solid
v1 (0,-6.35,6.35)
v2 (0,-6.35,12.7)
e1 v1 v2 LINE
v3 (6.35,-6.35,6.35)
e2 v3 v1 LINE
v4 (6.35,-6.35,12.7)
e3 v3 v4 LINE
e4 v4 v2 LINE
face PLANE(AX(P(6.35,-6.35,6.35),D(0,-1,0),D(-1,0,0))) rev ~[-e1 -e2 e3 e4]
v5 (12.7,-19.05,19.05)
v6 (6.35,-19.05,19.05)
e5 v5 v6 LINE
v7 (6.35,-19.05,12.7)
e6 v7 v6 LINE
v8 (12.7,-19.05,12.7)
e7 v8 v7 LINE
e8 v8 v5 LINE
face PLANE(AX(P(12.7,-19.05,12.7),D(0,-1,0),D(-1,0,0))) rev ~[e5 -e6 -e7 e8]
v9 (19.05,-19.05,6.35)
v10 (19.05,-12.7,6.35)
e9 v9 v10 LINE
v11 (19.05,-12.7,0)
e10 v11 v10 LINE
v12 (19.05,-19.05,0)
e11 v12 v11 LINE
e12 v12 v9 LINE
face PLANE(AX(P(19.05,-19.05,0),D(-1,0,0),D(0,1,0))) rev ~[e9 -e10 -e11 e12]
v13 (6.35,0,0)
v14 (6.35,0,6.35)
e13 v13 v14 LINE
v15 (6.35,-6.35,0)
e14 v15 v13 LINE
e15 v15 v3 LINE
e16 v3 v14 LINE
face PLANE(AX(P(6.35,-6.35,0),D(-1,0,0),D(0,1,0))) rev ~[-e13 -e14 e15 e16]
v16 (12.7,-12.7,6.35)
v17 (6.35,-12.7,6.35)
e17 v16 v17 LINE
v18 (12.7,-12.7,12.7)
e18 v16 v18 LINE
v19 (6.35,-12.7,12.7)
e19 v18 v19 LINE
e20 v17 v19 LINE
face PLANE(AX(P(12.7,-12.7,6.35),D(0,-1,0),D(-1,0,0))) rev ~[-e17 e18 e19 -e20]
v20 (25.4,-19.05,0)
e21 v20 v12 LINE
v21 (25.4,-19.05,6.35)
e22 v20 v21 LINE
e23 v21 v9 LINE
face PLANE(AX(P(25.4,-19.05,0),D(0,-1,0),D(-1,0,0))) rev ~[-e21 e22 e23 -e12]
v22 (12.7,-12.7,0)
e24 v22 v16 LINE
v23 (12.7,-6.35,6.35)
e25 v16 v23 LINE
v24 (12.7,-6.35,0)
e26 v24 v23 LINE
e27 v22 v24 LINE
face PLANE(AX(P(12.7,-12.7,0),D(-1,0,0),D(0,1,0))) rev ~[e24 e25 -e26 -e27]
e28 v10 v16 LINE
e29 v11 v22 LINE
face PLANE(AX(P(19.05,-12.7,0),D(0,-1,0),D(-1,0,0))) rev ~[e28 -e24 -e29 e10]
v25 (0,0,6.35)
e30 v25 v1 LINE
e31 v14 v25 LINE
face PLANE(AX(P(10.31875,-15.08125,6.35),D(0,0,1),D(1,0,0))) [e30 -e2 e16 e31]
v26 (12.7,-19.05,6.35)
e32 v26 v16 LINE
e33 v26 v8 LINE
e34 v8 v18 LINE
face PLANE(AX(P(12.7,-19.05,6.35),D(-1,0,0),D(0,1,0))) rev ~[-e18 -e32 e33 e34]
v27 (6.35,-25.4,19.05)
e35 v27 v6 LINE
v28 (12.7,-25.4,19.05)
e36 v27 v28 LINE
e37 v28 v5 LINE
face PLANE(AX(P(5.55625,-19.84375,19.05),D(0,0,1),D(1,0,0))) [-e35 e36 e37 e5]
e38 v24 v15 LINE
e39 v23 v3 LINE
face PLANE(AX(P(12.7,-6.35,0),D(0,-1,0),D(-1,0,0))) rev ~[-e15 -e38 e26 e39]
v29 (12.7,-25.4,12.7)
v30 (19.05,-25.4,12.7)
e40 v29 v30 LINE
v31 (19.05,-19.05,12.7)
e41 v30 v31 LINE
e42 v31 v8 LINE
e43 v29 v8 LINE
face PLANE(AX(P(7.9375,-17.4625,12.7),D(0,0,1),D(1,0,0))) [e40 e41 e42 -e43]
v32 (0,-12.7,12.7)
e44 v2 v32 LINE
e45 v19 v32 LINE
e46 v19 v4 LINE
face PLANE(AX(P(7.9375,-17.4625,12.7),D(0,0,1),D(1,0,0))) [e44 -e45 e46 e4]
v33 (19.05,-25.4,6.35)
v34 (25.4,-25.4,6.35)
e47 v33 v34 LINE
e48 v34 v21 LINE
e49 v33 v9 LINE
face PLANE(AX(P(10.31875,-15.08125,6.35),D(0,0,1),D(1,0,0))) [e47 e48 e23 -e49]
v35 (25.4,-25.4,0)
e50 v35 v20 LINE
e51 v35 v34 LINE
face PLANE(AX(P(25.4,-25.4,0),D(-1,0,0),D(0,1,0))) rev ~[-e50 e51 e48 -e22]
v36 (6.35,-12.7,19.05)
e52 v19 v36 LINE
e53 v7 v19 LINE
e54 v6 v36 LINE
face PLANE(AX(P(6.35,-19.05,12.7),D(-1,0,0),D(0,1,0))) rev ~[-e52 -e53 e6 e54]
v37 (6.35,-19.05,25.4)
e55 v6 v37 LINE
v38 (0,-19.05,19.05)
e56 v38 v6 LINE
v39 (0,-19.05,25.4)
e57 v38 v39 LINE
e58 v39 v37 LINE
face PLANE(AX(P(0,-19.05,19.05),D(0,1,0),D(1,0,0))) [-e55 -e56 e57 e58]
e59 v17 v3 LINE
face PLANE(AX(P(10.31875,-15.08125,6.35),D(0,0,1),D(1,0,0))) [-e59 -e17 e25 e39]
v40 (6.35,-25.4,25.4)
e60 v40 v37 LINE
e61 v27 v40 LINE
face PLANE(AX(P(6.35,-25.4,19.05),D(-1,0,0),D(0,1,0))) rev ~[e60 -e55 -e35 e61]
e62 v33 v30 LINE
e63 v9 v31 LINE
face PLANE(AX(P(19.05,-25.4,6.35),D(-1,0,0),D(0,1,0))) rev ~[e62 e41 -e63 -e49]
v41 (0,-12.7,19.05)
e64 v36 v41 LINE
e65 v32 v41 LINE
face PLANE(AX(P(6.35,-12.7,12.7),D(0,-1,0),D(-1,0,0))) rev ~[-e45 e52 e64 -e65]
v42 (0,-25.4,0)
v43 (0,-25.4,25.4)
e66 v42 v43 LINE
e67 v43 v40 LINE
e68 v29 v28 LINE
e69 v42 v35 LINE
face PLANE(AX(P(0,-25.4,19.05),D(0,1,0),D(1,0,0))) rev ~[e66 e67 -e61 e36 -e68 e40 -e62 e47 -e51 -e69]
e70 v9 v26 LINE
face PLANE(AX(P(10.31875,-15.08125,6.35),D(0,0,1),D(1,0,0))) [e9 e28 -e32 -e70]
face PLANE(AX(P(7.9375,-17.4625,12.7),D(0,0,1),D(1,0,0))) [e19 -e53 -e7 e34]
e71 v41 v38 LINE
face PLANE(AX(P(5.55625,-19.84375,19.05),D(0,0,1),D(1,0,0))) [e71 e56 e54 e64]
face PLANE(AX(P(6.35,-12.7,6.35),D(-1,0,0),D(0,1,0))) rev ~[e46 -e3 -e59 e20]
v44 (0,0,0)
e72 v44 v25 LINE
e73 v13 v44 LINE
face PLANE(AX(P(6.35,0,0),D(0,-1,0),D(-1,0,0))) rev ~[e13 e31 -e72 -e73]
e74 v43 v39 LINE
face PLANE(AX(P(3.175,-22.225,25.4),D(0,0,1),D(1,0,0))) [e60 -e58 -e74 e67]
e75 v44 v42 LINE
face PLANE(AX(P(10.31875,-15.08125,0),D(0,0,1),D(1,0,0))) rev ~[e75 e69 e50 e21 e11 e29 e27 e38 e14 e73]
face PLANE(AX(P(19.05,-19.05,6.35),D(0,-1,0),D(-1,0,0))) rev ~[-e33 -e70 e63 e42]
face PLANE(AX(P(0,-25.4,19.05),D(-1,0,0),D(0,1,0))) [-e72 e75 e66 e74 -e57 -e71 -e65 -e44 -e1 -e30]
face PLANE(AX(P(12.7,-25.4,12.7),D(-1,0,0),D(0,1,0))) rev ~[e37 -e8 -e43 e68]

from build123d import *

# Parameters (mm, degrees)
F1_DEPTH = 6.35
F3_DEPTH = 6.35
F5_DEPTH = 6.35
F6_W     = 6.35
F6_H     = 6.35
F7_DEPTH = 6.35


with BuildPart() as f1:
    # F0 (on Top) → F1 (new body)
    with BuildSketch(Plane.XY):
        Polygon((0, 0), (0, -25.4), (25.4, -25.4), (25.4, -19.05), (19.05, -19.05), (19.05, -12.7), (12.7, -12.7), (12.7, -6.35), (6.35, -6.35), (6.35, 0), align=None)
    extrude(amount=F1_DEPTH)

    # F2 (on face) → F3 (join)
    with BuildSketch(Plane.XY.offset(6.35)):
        Polygon((6.35, -6.35), (0, -6.35), (0, -25.4), (19.05, -25.4), (19.05, -19.05), (12.7, -19.05), (12.7, -12.7), (6.35, -12.7), align=None)
    extrude(amount=F3_DEPTH)

    # F4 (on face) → F5 (join)
    with BuildSketch(Plane.XY.offset(12.7)):
        Polygon((6.35, -12.7), (0, -12.7), (0, -25.4), (12.7, -25.4), (12.7, -19.05), (6.35, -19.05), align=None)
    extrude(amount=F5_DEPTH)

    # F6 (on face) → F7 (join)
    with BuildSketch(Plane.XY.offset(19.05)):
        with Locations((3.175, -22.225)):
            Rectangle(F6_W, F6_H)
    extrude(amount=F7_DEPTH)


solid = f1.part
